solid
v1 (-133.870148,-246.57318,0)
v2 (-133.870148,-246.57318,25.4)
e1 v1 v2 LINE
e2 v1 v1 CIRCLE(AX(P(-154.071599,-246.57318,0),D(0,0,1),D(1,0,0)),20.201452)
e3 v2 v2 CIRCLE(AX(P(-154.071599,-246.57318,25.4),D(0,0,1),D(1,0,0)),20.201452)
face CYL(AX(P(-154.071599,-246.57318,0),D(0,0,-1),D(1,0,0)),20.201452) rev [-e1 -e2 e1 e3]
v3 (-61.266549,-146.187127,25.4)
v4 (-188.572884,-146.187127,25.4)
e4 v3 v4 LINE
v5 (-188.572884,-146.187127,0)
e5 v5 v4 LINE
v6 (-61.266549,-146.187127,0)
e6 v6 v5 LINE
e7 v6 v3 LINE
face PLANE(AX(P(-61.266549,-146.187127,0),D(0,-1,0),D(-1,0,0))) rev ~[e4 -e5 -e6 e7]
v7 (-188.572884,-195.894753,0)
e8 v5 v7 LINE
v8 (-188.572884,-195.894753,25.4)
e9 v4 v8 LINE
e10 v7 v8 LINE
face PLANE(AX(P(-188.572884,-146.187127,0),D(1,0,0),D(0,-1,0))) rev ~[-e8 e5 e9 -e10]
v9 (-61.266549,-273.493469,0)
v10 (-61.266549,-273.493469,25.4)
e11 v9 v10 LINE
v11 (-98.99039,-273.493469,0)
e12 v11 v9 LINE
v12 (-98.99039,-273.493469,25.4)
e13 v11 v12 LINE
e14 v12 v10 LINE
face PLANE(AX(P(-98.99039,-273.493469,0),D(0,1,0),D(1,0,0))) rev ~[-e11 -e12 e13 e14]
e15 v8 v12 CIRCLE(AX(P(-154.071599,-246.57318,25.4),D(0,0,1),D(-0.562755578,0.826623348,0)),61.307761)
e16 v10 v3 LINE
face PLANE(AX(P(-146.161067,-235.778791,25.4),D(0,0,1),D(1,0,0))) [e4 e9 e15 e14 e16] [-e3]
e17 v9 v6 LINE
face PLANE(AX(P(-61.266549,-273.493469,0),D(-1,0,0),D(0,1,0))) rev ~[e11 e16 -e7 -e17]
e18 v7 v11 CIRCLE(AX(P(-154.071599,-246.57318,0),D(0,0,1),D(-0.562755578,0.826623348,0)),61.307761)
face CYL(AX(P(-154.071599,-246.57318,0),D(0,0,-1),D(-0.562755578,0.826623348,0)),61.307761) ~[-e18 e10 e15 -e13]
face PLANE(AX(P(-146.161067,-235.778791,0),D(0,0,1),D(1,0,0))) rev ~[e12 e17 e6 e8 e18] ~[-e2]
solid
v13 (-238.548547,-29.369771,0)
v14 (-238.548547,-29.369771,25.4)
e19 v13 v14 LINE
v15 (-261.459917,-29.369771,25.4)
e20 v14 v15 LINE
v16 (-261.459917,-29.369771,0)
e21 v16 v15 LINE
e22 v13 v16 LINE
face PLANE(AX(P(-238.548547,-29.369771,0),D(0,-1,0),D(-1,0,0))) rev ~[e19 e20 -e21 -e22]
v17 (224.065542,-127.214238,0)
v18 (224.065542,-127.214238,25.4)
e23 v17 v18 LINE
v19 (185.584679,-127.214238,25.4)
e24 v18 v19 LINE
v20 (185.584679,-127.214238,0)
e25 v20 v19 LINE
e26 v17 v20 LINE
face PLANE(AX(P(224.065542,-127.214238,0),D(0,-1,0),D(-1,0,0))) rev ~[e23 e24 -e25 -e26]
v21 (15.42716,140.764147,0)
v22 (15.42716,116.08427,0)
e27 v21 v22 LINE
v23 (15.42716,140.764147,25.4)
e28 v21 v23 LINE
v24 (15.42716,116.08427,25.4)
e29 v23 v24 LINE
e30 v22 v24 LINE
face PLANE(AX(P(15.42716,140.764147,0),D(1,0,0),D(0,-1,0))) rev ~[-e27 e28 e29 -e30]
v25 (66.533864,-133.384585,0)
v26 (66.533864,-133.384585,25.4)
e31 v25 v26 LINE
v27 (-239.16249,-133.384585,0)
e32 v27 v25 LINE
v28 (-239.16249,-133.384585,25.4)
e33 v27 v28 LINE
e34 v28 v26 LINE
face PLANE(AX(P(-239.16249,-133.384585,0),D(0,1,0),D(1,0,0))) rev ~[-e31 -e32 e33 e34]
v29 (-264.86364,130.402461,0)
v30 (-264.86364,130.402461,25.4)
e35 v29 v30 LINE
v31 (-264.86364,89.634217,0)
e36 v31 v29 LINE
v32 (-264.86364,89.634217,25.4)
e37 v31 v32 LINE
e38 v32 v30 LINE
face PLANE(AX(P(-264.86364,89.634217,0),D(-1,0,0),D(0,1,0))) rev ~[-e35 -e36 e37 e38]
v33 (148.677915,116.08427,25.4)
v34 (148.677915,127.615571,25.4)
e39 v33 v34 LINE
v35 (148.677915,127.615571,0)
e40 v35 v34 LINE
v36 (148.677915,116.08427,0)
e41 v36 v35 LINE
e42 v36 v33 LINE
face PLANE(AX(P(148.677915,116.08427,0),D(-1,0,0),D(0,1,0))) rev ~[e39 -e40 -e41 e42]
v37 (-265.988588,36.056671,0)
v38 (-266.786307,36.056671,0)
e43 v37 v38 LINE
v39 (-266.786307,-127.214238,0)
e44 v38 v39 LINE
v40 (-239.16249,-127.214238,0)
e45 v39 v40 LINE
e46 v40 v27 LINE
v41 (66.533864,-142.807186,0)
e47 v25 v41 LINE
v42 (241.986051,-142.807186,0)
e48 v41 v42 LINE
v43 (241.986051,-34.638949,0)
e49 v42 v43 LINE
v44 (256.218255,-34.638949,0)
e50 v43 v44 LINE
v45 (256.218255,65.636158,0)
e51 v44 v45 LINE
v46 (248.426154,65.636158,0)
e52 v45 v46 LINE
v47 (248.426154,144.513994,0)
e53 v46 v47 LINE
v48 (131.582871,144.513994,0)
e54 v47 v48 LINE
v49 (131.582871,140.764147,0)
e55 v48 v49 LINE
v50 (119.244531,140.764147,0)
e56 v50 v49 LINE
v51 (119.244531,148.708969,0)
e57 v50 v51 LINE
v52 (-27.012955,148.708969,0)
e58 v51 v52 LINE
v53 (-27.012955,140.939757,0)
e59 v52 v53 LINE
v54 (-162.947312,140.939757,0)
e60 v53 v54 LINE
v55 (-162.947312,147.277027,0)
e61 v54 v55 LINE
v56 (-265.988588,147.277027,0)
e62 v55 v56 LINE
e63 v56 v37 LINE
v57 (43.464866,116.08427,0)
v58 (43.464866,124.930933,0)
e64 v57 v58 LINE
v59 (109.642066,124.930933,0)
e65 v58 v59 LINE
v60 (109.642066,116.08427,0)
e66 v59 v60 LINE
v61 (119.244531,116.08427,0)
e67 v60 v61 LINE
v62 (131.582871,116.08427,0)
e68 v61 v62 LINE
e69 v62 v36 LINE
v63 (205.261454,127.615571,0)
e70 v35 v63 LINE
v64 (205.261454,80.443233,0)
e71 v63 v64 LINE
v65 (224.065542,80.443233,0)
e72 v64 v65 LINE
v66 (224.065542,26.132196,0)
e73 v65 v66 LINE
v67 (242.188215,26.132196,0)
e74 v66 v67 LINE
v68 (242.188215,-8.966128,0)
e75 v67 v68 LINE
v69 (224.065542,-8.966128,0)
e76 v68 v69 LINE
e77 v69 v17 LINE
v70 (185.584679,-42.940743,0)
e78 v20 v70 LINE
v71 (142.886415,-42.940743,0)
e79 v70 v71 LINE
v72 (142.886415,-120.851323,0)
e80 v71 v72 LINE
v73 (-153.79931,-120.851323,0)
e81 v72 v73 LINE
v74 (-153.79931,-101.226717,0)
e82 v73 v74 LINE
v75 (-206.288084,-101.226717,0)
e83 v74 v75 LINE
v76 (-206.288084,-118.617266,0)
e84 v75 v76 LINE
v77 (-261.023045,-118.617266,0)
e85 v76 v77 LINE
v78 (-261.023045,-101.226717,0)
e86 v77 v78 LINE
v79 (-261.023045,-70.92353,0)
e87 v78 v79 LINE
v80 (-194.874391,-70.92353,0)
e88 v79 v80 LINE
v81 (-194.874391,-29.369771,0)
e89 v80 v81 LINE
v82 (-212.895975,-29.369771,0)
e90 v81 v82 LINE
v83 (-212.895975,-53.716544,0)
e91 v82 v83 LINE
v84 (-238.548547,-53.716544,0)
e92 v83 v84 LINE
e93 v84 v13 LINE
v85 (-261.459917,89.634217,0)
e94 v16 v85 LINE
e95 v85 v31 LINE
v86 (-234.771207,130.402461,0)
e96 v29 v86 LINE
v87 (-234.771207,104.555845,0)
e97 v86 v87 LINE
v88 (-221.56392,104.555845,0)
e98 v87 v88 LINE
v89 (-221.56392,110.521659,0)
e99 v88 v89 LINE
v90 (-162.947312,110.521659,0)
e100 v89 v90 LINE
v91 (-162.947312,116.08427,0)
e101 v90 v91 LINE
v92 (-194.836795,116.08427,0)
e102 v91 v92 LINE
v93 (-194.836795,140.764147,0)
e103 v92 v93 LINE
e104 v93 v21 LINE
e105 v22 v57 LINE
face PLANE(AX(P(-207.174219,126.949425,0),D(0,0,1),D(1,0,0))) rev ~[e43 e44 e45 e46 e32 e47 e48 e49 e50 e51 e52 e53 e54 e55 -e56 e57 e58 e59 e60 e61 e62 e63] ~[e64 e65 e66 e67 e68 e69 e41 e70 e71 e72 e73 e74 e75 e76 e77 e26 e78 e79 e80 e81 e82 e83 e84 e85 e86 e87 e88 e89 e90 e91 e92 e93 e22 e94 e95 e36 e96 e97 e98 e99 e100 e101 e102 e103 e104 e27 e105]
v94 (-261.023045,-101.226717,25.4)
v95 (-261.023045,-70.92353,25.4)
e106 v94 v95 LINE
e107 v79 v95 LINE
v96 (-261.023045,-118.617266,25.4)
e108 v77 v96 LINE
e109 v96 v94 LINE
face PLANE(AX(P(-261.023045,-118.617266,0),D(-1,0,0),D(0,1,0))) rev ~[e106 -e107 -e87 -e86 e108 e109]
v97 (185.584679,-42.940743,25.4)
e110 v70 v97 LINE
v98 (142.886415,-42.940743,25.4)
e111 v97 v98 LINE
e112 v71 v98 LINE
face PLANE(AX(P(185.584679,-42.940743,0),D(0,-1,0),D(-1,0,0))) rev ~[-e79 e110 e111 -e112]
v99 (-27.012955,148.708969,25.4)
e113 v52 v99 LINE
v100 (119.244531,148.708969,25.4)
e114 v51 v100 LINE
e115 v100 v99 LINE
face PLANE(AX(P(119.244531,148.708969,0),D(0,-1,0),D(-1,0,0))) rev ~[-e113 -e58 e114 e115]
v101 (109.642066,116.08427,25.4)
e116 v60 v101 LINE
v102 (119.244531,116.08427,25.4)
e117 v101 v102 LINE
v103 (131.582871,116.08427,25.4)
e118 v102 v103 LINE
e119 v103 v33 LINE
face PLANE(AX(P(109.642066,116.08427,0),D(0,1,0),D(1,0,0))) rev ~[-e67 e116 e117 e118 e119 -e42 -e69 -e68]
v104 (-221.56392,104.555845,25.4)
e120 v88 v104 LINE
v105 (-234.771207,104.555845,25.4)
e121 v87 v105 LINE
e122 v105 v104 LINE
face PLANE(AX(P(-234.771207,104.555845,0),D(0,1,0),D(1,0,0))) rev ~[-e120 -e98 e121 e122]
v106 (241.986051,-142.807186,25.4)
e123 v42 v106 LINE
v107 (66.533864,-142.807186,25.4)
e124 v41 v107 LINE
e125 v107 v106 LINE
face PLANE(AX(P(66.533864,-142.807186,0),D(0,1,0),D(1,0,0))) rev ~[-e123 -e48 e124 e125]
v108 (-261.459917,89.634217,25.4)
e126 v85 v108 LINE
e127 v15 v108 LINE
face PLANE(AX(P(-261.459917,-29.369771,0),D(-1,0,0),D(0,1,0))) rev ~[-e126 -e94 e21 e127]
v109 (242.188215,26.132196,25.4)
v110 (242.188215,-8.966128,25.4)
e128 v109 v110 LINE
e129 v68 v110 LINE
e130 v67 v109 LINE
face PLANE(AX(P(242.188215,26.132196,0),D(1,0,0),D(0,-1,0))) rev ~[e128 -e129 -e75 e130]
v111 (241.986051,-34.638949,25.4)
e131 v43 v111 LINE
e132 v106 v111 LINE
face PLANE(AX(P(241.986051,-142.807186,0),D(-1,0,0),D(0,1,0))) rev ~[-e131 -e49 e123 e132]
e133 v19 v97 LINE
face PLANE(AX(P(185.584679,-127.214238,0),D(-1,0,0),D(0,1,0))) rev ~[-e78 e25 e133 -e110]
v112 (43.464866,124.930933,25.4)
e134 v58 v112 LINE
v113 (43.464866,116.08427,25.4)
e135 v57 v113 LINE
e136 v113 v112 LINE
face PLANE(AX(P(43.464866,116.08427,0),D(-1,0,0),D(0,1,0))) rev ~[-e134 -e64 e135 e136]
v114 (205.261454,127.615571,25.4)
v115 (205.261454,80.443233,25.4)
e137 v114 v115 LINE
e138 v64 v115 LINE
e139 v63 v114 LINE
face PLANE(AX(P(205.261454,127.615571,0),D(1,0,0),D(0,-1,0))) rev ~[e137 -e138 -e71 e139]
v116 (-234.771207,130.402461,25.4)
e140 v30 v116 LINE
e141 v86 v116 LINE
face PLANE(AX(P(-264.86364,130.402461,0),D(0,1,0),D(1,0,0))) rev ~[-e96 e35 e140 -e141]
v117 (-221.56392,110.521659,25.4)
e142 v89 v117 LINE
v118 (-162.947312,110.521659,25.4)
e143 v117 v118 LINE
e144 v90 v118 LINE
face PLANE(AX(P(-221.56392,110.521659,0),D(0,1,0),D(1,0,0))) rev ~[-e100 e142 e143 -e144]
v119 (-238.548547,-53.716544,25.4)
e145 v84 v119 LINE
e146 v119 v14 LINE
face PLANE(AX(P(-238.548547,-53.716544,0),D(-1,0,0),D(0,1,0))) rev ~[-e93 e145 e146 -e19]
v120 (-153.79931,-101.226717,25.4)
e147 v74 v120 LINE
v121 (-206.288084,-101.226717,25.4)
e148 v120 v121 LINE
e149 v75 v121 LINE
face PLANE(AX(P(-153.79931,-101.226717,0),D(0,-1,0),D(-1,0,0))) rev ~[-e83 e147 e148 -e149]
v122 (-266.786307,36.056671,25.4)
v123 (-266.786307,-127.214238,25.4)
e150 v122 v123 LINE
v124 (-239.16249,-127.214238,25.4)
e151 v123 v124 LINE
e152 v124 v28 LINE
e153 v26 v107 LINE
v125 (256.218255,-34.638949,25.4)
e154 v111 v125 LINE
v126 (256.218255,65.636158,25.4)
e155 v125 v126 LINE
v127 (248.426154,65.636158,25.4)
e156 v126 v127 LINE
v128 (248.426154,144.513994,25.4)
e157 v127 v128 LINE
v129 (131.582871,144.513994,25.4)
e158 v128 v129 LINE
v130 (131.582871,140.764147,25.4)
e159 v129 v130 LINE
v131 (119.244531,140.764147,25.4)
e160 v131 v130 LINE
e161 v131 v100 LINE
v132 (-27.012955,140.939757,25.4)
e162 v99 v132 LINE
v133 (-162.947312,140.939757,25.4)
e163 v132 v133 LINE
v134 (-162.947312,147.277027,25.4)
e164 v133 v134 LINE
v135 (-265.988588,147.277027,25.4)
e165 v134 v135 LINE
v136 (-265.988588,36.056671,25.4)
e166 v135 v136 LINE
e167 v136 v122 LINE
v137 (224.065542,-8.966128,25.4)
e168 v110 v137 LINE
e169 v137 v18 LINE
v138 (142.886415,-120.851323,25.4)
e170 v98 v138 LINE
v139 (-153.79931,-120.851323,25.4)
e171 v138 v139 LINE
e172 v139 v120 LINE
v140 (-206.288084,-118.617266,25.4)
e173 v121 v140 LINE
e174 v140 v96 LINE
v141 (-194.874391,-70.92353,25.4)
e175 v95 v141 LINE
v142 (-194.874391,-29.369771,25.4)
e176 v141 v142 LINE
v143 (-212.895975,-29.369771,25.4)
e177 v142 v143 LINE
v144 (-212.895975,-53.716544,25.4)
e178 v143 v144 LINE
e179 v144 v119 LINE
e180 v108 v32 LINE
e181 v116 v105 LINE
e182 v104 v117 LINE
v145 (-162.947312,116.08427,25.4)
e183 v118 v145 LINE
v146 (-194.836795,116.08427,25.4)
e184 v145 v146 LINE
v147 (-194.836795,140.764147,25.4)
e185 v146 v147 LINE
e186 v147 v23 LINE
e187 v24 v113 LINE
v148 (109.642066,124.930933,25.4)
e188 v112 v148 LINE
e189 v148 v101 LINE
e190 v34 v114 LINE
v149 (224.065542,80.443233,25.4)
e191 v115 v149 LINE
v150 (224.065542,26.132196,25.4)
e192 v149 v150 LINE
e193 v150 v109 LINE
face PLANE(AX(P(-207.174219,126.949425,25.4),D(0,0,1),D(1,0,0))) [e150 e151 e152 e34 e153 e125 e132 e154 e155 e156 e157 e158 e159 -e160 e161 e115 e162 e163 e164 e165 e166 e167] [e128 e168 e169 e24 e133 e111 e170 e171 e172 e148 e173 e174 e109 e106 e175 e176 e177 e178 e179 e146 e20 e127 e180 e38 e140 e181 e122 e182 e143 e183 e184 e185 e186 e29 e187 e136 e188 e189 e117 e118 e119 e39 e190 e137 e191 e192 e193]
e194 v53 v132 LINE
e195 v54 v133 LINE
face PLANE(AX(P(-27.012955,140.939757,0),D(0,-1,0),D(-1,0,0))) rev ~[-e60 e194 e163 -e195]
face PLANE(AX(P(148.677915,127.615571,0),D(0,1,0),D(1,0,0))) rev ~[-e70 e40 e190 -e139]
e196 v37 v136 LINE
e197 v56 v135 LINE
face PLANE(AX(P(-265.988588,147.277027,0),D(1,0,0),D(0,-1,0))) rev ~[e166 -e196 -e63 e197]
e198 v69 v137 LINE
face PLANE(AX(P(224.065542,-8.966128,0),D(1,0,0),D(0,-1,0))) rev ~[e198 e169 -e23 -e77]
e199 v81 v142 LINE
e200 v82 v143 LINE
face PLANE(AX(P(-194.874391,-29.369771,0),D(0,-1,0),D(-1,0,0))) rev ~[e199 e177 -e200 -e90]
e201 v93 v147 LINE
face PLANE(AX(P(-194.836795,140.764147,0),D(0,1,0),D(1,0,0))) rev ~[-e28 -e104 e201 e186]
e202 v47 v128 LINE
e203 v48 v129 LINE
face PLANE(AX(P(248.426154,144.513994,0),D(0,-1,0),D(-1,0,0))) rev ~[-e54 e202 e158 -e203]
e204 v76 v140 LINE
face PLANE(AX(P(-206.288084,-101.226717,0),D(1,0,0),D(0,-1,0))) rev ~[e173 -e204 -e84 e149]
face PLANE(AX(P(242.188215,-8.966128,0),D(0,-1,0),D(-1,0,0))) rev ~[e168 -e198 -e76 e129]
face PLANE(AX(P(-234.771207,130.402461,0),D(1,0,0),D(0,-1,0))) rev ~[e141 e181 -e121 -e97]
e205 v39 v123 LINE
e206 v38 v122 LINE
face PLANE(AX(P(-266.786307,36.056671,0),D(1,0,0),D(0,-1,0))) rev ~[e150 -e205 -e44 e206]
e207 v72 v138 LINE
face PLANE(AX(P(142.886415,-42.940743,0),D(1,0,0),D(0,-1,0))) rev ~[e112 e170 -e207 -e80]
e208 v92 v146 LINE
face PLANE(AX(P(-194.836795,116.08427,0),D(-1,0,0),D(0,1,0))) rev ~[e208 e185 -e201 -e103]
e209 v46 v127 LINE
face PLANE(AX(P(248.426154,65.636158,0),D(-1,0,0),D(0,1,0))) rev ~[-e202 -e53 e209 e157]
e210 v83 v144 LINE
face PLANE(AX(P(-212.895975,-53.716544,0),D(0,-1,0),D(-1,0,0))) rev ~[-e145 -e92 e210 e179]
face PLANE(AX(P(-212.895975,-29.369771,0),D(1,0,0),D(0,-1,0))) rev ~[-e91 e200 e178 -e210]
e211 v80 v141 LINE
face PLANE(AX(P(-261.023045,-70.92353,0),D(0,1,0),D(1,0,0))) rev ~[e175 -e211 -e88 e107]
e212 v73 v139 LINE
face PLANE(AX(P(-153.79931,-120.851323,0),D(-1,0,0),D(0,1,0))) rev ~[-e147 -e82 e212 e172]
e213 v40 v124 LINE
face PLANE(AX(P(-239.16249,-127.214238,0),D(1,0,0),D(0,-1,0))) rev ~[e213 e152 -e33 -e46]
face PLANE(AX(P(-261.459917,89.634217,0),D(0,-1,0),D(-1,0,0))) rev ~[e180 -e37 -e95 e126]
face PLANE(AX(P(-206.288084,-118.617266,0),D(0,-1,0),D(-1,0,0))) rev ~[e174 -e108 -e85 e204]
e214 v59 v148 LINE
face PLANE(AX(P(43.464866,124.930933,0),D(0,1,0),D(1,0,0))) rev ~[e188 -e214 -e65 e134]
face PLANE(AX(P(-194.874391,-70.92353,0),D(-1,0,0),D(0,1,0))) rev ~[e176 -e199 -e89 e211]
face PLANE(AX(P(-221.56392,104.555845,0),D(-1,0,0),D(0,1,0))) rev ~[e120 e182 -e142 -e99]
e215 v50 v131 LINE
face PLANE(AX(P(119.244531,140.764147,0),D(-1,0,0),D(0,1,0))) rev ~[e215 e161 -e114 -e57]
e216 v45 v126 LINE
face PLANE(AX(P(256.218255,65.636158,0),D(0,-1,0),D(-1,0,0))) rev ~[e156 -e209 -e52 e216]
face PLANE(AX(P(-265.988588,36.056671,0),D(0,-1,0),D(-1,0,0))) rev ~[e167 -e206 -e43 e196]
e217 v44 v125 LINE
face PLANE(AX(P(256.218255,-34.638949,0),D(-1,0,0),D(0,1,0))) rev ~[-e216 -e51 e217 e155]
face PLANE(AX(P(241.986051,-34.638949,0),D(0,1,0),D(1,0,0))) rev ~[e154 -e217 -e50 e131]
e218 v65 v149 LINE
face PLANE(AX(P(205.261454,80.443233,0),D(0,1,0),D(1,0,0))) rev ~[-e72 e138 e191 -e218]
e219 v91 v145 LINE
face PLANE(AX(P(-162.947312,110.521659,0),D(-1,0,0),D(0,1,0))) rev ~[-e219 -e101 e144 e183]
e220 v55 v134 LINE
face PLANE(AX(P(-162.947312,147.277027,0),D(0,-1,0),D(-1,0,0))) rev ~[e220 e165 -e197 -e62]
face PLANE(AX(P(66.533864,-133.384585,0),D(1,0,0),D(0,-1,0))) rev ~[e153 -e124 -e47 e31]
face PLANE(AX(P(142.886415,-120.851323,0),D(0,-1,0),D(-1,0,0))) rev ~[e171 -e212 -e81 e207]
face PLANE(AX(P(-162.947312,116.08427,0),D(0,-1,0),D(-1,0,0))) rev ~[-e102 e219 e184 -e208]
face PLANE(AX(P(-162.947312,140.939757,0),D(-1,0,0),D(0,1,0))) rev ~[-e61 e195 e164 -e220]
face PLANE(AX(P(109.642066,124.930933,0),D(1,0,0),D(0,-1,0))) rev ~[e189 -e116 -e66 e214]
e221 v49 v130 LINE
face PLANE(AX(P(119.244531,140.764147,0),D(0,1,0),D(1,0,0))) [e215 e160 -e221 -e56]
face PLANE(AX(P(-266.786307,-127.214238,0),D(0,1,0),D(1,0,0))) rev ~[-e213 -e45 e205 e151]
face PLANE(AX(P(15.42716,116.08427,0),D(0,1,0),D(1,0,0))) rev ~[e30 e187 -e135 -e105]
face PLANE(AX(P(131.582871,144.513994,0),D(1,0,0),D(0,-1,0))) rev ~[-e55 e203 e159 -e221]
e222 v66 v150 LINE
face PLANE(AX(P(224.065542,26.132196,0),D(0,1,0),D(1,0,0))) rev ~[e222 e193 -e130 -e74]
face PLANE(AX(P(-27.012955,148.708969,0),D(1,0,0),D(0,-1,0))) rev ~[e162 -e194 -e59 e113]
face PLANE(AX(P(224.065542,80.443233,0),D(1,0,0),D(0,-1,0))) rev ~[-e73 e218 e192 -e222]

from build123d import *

# Parameters (mm, degrees)
F0_W     = 135.9343566
F0_H     = 0.1756101847
F0_W_2   = 42.4401154742
F0_W_3   = 50.2697899938
F0_H_2   = 12.533262372
F0_W_4   = 4.5286715031
F0_H_3   = 45.140972361
F0_W_5   = 12.3383402824
F0_H_4   = 24.679876864
F0_W_6   = 5.7632625103
F0_H_5   = 30.3031876683
F0_W_7   = 17.9205089808
F0_H_6   = 16.6855733842
F0_W_8   = 24.3606120348
F0_H_7   = 17.6116675138
F1_DEPTH = 25.4
F0_R     = 20.2014517243


with BuildPart() as f1:
    # F0 (on Top) → F1 (new body)
    with BuildSketch(Plane.XY):
        Polygon((-221.5639203787, 110.521659255), (-162.9473119974, 110.521659255), (-162.9473119974, 116.0842701793), (-194.83679533, 116.0842701793), (-194.83679533, 140.7641470432), (-162.9473119974, 140.7641470432), (-162.9473119974, 140.9397572279), (-261.4599168301, 140.9397572279), (-261.4599168301, 130.4024606943), (-234.771206975, 130.4024606943), (-234.771206975, 104.5558452606), (-221.5639203787, 104.5558452606), align=None)
        Polygon((-153.7993103266, -120.8513230085), (-153.7993103266, -101.2267172337), (-166.448622942, -101.2267172337), (-194.8743909597, -101.2267172337), (-194.8743909597, -127.2142380476), (-239.1624897718, -127.2142380476), (-239.1624897718, -133.3845853806), (66.5338635445, -133.3845853806), (66.5338635445, -120.8513230085), align=None)
        with Locations((-94.9801336974, 140.8519521356)):
            Rectangle(F0_W, F0_H)
        Polygon((-194.8743909597, -70.9235295653), (-194.8743909597, -29.3697714806), (-212.8959745169, -29.3697714806), (-212.8959745169, -53.7165440619), (-238.5485470295, -53.7165440619), (-238.5485470295, -29.3697714806), (-261.4599168301, -29.3697714806), (-261.4599168301, -9.0843010694), (-265.9885883331, -9.0843010694), (-265.9885883331, 36.0566712916), (-266.7863070965, 36.0566712916), (-266.7863070965, -70.9235295653), (-261.0230445862, -70.9235295653), (-206.2880843878, -70.9235295653), align=None)
        Polygon((15.4271600768, 140.7641470432), (15.4271600768, 116.0842701793), (43.4648655355, 116.0842701793), (43.4648655355, 124.9309331179), (109.6420660615, 124.9309331179), (109.6420660615, 116.0842701793), (119.244530797, 116.0842701793), (119.244530797, 140.7641470432), align=None)
        with Locations((-5.7928976603, 140.8519521356)):
            Rectangle(F0_W_2, F0_H)
        Polygon((-261.4599168301, 140.9397572279), (-162.9473119974, 140.9397572279), (-162.9473119974, 147.2770273685), (-265.9885883331, 147.2770273685), (-265.9885883331, 36.0566712916), (-261.4599168301, 36.0566712916), (-261.4599168301, 89.6342173219), (-264.86364007, 89.6342173219), (-264.86364007, 130.4024606943), (-261.4599168301, 130.4024606943), align=None)
        with Locations((91.6687585413, -127.1179541945)):
            Rectangle(F0_W_3, F0_H_2)
        Polygon((-194.8743909597, -127.2142380476), (-194.8743909597, -101.2267172337), (-206.2880843878, -101.2267172337), (-206.2880843878, -118.6172664165), (-239.1624897718, -118.6172664165), (-239.1624897718, -127.2142380476), align=None)
        Polygon((15.4271600768, 140.9397572279), (15.4271600768, 140.7641470432), (119.244530797, 140.7641470432), (119.244530797, 148.7089693546), (-27.0129553974, 148.7089693546), (-27.0129553974, 140.9397572279), align=None)
        Polygon((142.8864151239, -120.8513230085), (116.8036535382, -120.8513230085), (116.8036535382, -133.3845853806), (66.5338635445, -133.3845853806), (66.5338635445, -142.8071856499), (241.9860512018, -142.8071856499), (241.9860512018, -34.6389487386), (224.0655422211, -34.6389487386), (224.0655422211, -127.2142380476), (185.5846792459, -127.2142380476), (185.5846792459, -42.9407432675), (142.8864151239, -42.9407432675), align=None)
        with Locations((-263.7242525816, 13.4861851111)):
            Rectangle(F0_W_4, F0_H_3)
        with Locations((125.4137009382, 128.4242086112)):
            Rectangle(F0_W_5, F0_H_4)
        Polygon((-266.7863070965, -127.2142380476), (-239.1624897718, -127.2142380476), (-239.1624897718, -118.6172664165), (-261.0230445862, -118.6172664165), (-261.0230445862, -101.2267172337), (-266.7863070965, -101.2267172337), align=None)
        with Locations((-263.9046758413, -86.0751233995)):
            Rectangle(F0_W_6, F0_H_5)
        Polygon((131.5828710794, 144.5139944553), (131.5828710794, 140.7641470432), (224.7266769409, 140.7641470432), (224.7266769409, 116.0842701793), (205.2614539862, 116.0842701793), (205.2614539862, 80.4432332516), (224.0655422211, 80.4432332516), (224.0655422211, 65.6361579895), (248.4261542559, 65.6361579895), (248.4261542559, 144.5139944553), align=None)
        Polygon((224.7266769409, 140.7641470432), (131.5828710794, 140.7641470432), (131.5828710794, 116.0842701793), (148.6779153347, 116.0842701793), (148.6779153347, 127.615571022), (205.2614539862, 127.615571022), (205.2614539862, 116.0842701793), (224.7266769409, 116.0842701793), align=None)
        Polygon((241.9860512018, -17.9533753544), (241.9860512018, -34.6389487386), (256.2182545662, -34.6389487386), (256.2182545662, 65.6361579895), (248.4261542559, 65.6361579895), (248.4261542559, 48.0244904757), (224.0655422211, 48.0244904757), (224.0655422211, 26.132196188), (242.1882152557, 26.132196188), (242.1882152557, -8.9661283419), (224.0655422211, -8.9661283419), (224.0655422211, -17.9533753544), align=None)
        with Locations((233.0257967114, -26.2961620465)):
            Rectangle(F0_W_7, F0_H_6)
        with Locations((236.2458482385, 56.8303242326)):
            Rectangle(F0_W_8, F0_H_7)
    extrude(amount=F1_DEPTH)


with BuildPart() as f1b:
    # F0 (on Top) → F1, piece 2 (new body)
    with BuildSketch(Plane.XY):
        with BuildLine():
            Line((-188.572883606, -195.8947534708), (-188.572883606, -273.4934687614))
            Line((-188.572883606, -273.4934687614), (-98.9903902455, -273.4934687614))
            ThreePointArc((-98.9903902455, -273.4934687614), (-94.3407566268, -260.3886775665), (-92.7638384476, -246.5731799603))
            ThreePointArc((-92.7638384476, -246.5731799603), (-125.4058963477, -192.3798315547), (-188.572883606, -195.8947534708))
        make_face()
        with Locations((-154.0715992451, -246.5731799603)):
            Circle(F0_R, mode=Mode.SUBTRACT)
        with BuildLine():
            Line((-98.9903902455, -273.4934687614), (-188.572883606, -273.4934687614))
            Line((-188.572883606, -273.4934687614), (-188.572883606, -195.8947534708))
            ThreePointArc((-188.572883606, -195.8947534708), (-194.2122703683, -292.9128827622), (-98.9903902455, -273.4934687614))
        make_face()
        with BuildLine():
            ThreePointArc((-92.7638384476, -246.5731799603), (-94.3407566268, -260.3886775665), (-98.9903902455, -273.4934687614))
            Line((-98.9903902455, -273.4934687614), (-61.2665489316, -273.4934687614))
            Line((-61.2665489316, -273.4934687614), (-61.2665489316, -146.1871266365))
            Line((-61.2665489316, -146.1871266365), (-188.572883606, -146.1871266365))
            Line((-188.572883606, -146.1871266365), (-188.572883606, -195.8947534708))
            ThreePointArc((-188.572883606, -195.8947534708), (-125.4058963477, -192.3798315547), (-92.7638384476, -246.5731799603))
        make_face()
    extrude(amount=F1_DEPTH)


solid = Compound([f1.part, f1b.part])
